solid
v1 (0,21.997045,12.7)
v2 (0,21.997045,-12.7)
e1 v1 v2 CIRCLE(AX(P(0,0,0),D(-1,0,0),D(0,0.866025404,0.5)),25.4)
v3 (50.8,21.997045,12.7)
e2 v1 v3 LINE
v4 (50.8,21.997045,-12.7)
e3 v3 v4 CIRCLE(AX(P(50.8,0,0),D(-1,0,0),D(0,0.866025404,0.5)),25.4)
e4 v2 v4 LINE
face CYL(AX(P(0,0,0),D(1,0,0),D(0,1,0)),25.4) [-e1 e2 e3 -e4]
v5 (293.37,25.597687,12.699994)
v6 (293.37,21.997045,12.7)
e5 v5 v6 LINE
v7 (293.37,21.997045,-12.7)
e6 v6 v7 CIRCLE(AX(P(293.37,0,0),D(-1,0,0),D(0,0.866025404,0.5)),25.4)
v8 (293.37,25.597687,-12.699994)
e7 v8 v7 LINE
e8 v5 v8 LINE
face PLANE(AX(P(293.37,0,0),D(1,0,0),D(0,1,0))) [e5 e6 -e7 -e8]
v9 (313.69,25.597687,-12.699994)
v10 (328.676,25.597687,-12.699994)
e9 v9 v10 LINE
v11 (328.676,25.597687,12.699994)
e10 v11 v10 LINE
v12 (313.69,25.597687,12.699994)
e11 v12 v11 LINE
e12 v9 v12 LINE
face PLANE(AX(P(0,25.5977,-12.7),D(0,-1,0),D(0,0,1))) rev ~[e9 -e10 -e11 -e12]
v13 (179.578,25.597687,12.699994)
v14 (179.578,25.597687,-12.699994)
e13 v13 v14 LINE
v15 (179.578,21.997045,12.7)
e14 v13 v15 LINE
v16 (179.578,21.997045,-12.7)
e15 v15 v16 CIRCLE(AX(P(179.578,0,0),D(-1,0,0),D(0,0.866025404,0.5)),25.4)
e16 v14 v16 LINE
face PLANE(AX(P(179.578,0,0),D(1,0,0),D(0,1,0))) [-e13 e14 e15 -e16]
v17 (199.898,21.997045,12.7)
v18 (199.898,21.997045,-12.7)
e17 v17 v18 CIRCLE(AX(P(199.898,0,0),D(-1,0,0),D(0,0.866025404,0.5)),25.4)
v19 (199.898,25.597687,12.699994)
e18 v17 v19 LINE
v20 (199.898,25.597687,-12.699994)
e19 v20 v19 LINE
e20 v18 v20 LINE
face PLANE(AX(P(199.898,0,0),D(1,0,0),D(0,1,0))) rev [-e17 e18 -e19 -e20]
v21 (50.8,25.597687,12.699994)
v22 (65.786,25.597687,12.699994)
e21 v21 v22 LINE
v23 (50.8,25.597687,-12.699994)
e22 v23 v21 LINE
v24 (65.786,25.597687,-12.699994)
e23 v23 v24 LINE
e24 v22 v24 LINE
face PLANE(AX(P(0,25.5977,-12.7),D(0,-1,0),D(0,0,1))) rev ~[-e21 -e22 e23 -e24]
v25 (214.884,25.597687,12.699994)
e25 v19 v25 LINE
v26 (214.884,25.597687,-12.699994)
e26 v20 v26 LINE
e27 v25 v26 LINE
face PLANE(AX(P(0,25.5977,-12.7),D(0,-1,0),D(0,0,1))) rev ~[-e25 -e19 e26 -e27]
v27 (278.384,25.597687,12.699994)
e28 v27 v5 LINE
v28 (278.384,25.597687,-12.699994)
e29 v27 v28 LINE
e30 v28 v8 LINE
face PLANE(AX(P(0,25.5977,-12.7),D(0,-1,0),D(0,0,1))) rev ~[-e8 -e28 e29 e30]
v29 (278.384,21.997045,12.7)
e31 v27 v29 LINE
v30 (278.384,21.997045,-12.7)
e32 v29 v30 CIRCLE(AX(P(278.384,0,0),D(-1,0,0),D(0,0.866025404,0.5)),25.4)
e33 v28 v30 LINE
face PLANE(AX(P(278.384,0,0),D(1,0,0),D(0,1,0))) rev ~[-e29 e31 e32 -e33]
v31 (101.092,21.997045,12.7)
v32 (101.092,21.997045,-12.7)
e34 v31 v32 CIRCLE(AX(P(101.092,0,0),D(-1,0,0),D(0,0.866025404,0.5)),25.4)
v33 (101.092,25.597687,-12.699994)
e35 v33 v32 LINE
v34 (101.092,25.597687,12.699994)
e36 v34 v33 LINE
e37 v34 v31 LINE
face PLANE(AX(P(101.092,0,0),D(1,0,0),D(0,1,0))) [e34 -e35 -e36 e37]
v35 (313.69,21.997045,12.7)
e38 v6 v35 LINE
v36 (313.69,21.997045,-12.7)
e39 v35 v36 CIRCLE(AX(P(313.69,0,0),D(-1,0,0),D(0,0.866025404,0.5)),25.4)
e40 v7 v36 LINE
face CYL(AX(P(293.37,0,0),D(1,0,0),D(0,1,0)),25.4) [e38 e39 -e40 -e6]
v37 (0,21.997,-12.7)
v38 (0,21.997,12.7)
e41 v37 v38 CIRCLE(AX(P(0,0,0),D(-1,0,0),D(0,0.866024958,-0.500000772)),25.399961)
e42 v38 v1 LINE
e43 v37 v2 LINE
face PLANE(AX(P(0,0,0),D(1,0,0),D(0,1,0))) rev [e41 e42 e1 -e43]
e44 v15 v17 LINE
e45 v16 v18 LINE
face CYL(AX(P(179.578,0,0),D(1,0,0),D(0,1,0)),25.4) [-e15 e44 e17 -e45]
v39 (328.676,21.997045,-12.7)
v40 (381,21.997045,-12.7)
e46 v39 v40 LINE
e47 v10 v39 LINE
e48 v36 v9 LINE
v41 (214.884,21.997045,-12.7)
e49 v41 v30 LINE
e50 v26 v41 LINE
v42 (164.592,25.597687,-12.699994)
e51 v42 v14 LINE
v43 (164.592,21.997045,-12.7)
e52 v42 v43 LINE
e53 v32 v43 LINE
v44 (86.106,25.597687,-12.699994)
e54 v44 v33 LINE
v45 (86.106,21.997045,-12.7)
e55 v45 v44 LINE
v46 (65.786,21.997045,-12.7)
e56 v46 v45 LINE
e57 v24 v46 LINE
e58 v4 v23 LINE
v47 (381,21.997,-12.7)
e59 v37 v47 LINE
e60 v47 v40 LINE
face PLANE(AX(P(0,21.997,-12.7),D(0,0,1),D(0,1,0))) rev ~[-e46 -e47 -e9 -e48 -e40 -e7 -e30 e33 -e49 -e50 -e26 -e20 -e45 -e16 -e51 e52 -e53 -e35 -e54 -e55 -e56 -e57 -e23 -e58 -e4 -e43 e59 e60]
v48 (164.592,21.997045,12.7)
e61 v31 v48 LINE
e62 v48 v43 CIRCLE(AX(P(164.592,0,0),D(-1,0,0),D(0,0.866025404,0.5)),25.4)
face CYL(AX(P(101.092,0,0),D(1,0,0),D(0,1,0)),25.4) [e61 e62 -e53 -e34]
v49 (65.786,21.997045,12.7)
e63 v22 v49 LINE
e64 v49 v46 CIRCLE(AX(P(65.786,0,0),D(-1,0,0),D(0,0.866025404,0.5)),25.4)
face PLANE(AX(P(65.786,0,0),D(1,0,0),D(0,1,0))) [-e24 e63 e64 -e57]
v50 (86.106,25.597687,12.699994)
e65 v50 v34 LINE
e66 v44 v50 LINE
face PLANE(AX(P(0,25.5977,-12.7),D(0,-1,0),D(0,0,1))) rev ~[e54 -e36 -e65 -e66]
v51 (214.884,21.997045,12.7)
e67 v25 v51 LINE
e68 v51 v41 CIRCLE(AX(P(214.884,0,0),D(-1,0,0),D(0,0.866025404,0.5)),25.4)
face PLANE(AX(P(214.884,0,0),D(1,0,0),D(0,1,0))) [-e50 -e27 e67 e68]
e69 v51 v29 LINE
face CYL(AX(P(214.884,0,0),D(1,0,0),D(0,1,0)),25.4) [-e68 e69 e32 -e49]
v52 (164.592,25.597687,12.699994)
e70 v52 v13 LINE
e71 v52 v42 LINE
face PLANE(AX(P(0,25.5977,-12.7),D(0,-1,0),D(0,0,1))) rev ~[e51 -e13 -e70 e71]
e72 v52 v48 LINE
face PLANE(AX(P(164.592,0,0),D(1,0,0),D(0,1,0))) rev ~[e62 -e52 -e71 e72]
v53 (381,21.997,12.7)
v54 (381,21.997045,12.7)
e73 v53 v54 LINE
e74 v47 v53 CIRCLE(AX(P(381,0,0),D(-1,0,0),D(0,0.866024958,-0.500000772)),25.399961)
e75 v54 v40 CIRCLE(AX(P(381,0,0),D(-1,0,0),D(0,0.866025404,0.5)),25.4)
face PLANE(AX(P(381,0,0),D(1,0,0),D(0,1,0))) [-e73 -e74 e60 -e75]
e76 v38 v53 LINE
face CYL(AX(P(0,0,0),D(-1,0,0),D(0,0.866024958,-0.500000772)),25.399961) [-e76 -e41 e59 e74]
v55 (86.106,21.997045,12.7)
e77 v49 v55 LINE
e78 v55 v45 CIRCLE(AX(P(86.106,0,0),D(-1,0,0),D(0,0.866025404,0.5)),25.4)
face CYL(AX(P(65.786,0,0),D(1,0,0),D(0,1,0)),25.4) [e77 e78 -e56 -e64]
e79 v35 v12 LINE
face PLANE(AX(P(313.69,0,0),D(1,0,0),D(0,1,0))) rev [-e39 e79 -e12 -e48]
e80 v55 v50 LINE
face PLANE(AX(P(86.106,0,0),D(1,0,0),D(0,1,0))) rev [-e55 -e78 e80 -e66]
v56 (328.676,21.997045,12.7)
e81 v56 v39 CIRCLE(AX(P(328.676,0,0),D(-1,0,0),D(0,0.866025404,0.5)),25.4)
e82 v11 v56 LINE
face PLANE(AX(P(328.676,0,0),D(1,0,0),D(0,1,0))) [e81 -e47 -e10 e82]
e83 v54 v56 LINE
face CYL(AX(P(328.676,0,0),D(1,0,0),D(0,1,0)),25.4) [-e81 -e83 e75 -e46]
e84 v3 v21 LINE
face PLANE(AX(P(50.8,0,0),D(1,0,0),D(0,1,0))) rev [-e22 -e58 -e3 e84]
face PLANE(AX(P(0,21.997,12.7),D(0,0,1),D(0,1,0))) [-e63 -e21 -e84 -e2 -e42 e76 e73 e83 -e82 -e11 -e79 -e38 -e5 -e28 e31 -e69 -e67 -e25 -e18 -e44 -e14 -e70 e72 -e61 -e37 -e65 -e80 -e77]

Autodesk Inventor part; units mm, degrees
ref_plane "YZ Plane" through (0, 0, 0) normal (1, 0, 0) x (0, 1, 0)
ref_plane "XZ Plane" through (0, 0, 0) normal (0, 1, 0) x (-1, 0, 0)
ref_plane "XY Plane" through (0, 0, 0) normal (0, 0, 1) x (1, 0, 0)
sketch "Sketch1" plane through (0, 0, 0) normal (0, 0, 1) x (1, 0, 0)
  line L0 (0, 0) -> (381, 0)
  line L1 (0, 0) -> (0, 25.4)
  line L2 (0, 25.4) -> (50.8, 25.4)
  line L3 (50.8, 25.4) -> (50.8, 28.575)
  line L4 (50.8, 28.575) -> (65.786, 28.575)
  line L5 (65.786, 28.575) -> (65.786, 25.4)
  line L6 (65.786, 25.4) -> (86.106, 25.4)
  line L7 (86.106, 25.4) -> (86.106, 28.575)
  line L8 (86.106, 28.575) -> (101.092, 28.575)
  line L9 (101.092, 28.575) -> (101.092, 25.4)
  line L10 (101.092, 25.4) -> (164.592, 25.4)
  line L11 (164.592, 28.575) -> (179.578, 28.575)
  line L12 (179.578, 28.575) -> (179.578, 25.4)
  line L13 (179.578, 25.4) -> (199.898, 25.4)
  line L14 (199.898, 25.4) -> (199.898, 28.575)
  line L15 (199.898, 28.575) -> (214.884, 28.575)
  line L16 (214.884, 28.575) -> (214.884, 25.4)
  line L17 (214.884, 25.4) -> (278.384, 25.4)
  line L18 (278.384, 28.575) -> (293.37, 28.575)
  line L19 (293.37, 28.575) -> (293.37, 25.4)
  line L20 (293.37, 25.4) -> (313.69, 25.4)
  line L21 (313.69, 25.4) -> (313.69, 28.575)
  line L22 (313.69, 28.575) -> (328.676, 28.575)
  line L23 (328.676, 28.575) -> (328.676, 25.4)
  line L24 (328.676, 25.4) -> (379.476, 25.4)
  line L25 (164.592, 28.575) -> (164.592, 25.4)
  line L26 (278.384, 28.575) -> (278.384, 25.4)
  line L27 (379.476, 25.4) -> (381, 25.4)
  line L28 (381, 25.4) -> (381, 0)
  dimension "d0" = 381
  dimension "d1" = 25.4
  dimension "d2" = 50.8
  dimension "d3" = 3.175
  dimension "d4" = 14.986
  dimension "d5" = 20.32
  dimension "d6" = 14.986
  dimension "d7" = 63.5
  dimension "d8" = 14.986
  dimension "d9" = 20.32
  dimension "d10" = 14.986
  dimension "d11" = 63.5
  dimension "d12" = 14.986
  dimension "d13" = 20.32
  dimension "d14" = 14.986
  dimension "d15" = 50.8
revolve "Revolution1" add sketch "Sketch1" angle 360 about axis through (0, 0, 0) along (1, 0, 0)
sketch "Sketch2" plane through (381, 0, 0) normal (1, 0, 0) x (0, 0, -1)
  circle A0 centre (0, 0) radius 28.575
  arc A1 (-12.8501, 21.8127) -> (12.8501, 21.9887) centre (0.1501, -0.0084) ccw
  line L0 (28.575, -0.0084) -> (28.6569, -0.0084) construction
  line L1 (28.5738, -0.2635) -> (28.6458, -0.2635) construction
  line L2 (12.8501, 21.9887) -> (12.8501, 25.5227)
  line L3 (-12.8501, 21.8127) -> (-12.8501, 25.5227)
  line L4 (12.8501, 25.5227) -> (-12.8501, 25.5227)
sketch "Sketch3" plane through (0, 0, 0) normal (-1, 0, 0) x (0, 0, 1)
  circle A0 centre (0, 0) radius 28.575
  arc A1 (-12.7, 21.997) -> (12.7, 21.997) centre (0, 0) ccw
  circle A2 centre (0, 0) radius 28.575 projected
  line L0 (-12.7, 21.997) -> (-12.7, 25.5977)
  line L1 (12.7, 21.997) -> (12.7, 25.5977)
  line L2 (-12.7, 25.5977) -> (12.7, 25.5977)
  dimension "d23" = 57.15
  dimension "d24" = 50.8
extrude "Extrusion1" cut sketch "Sketch3" against normal blind 381 contours A0 L0 A1 L1 | L2 A0
properties part number "Eje"
